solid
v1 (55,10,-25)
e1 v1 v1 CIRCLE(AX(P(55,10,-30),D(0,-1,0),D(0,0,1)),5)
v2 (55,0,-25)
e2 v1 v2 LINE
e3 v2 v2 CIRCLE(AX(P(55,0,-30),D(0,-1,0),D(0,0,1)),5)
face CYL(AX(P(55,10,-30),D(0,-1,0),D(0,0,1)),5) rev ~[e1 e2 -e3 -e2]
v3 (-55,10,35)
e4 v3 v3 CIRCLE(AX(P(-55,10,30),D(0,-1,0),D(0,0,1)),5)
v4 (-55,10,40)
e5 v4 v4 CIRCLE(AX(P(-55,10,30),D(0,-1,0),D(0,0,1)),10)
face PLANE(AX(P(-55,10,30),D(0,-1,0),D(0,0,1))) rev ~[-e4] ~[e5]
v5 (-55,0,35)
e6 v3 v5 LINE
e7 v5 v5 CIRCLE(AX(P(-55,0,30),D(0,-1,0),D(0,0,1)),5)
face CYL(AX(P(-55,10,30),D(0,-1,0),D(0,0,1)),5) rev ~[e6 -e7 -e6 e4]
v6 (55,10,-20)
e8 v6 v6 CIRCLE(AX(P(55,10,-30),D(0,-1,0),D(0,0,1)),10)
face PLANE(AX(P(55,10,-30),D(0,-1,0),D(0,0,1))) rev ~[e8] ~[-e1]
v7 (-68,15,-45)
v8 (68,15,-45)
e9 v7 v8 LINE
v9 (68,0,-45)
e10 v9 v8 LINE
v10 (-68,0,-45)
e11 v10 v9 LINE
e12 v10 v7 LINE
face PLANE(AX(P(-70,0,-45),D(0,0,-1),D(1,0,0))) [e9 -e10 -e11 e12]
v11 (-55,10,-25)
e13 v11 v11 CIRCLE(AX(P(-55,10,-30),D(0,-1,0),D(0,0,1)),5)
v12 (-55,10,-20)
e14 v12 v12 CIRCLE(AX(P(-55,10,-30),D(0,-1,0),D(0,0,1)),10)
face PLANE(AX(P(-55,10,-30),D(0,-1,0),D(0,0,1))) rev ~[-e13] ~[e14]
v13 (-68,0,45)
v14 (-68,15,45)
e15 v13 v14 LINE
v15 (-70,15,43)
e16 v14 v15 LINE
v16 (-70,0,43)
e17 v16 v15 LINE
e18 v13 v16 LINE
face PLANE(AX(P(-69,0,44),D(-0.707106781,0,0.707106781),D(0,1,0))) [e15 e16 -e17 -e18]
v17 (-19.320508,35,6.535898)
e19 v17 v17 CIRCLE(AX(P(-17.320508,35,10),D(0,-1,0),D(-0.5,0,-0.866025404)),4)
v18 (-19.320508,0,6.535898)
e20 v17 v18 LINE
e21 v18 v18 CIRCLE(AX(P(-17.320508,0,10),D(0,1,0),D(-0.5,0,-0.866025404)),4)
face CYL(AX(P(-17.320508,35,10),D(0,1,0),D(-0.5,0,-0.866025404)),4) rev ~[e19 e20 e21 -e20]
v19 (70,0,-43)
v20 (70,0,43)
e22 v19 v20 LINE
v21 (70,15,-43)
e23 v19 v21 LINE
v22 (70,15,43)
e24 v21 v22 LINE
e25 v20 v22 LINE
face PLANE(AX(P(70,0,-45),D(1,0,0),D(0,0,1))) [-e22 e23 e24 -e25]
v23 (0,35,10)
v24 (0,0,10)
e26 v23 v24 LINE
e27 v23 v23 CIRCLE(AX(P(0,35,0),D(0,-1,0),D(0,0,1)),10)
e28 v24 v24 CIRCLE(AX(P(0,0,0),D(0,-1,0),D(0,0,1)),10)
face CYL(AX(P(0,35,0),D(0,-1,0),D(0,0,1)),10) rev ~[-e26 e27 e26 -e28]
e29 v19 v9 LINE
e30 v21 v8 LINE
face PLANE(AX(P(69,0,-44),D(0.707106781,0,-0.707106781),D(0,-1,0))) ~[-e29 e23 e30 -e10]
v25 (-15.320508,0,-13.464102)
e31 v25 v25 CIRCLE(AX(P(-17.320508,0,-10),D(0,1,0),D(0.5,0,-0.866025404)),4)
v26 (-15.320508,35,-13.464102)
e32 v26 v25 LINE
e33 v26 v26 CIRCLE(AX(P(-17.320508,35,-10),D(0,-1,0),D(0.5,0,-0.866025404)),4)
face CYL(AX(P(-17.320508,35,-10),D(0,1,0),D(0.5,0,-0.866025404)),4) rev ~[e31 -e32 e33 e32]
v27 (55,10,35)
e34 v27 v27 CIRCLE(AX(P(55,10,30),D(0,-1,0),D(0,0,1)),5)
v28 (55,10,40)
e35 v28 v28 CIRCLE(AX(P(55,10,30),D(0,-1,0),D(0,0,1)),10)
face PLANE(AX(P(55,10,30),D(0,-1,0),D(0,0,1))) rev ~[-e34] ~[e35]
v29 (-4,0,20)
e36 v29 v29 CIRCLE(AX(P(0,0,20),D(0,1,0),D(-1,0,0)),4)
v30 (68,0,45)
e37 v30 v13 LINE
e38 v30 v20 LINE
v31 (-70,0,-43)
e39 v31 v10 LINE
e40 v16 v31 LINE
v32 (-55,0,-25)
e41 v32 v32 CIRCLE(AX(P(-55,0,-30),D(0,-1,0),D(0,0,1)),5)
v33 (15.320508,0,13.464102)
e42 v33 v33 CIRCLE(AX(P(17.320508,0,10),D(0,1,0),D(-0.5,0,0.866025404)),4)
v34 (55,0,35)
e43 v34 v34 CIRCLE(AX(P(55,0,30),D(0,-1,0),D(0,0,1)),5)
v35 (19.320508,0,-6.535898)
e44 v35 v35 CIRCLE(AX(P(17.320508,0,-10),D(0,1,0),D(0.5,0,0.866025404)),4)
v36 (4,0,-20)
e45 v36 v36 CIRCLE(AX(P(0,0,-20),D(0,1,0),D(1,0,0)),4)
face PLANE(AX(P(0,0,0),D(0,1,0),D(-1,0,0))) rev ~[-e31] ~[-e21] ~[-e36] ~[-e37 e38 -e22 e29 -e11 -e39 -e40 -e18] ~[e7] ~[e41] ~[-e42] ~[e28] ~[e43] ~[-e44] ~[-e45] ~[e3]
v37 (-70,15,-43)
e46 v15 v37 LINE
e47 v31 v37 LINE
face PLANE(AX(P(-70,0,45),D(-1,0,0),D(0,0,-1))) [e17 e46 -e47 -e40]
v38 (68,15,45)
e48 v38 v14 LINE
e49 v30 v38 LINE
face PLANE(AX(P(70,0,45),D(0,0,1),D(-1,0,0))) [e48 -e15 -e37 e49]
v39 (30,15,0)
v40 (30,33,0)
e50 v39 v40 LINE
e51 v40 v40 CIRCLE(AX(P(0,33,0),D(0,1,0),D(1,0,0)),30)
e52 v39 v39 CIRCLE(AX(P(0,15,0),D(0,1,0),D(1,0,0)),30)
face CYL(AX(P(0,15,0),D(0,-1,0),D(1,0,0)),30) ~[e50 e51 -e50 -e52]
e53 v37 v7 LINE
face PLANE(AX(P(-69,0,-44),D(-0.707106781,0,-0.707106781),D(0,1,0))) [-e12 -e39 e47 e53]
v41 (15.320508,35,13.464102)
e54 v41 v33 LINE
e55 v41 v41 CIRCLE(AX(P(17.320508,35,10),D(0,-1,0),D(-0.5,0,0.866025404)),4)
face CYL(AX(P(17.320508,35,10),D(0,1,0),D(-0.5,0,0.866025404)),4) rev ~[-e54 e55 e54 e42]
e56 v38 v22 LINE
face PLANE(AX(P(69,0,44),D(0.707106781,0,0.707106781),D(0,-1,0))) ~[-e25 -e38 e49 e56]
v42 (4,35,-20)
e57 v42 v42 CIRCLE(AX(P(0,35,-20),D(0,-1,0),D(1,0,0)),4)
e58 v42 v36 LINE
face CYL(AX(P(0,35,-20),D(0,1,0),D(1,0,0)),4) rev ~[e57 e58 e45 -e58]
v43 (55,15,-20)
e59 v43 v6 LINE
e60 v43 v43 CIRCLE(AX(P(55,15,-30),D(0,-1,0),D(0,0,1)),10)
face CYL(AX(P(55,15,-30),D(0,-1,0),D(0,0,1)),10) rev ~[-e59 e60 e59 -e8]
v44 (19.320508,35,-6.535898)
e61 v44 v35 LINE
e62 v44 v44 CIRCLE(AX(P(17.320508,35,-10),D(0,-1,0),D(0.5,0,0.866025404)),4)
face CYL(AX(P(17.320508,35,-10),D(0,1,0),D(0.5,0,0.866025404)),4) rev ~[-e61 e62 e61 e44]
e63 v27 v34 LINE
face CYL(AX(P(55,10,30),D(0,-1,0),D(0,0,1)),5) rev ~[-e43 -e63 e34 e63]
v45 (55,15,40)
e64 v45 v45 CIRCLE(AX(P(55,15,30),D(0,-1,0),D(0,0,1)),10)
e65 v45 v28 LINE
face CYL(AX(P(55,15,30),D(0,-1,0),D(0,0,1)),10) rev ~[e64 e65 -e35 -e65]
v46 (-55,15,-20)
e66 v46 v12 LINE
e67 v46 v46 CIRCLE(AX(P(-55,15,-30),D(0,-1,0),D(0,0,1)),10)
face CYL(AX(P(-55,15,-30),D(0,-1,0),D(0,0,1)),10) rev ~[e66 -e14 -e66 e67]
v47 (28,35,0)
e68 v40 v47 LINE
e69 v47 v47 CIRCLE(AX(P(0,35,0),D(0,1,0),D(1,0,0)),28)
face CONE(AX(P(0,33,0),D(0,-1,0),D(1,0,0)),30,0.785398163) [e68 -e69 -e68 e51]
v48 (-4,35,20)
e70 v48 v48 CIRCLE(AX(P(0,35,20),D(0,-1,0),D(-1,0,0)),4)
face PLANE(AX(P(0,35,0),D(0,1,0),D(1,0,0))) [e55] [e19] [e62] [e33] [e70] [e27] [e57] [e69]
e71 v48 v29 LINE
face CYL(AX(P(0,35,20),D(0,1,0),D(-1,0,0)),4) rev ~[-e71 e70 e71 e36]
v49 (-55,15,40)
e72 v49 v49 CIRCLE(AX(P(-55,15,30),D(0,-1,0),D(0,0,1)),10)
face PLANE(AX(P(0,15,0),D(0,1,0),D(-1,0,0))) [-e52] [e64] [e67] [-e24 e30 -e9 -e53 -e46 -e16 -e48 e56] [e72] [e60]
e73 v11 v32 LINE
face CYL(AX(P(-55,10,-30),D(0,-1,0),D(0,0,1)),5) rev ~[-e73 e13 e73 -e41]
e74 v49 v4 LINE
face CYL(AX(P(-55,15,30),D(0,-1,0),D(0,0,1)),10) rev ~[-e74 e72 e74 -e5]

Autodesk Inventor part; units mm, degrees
ref_plane "YZ Plane" through (0, 0, 0) normal (1, 0, 0) x (0, 1, 0)
ref_plane "XZ Plane" through (0, 0, 0) normal (0, 1, 0) x (-1, 0, 0)
ref_plane "XY Plane" through (0, 0, 0) normal (0, 0, 1) x (1, 0, 0)
sketch "Náčrt3" plane through (0, 0, 0) normal (0, 1, 0) x (-1, 0, 0)
  line L0 (-70, 45) -> (70, 45)
  line L1 (70, 45) -> (70, -45)
  line L2 (70, -45) -> (-70, -45)
  line L3 (-70, -45) -> (-70, 45)
  line L4 (-70, 45) -> (70, -45) construction
  line L5 (70, 45) -> (-70, -45) construction
  point P0 (0, 0)
  dimension "d31" = 140
  dimension "d32" = 90
extrude "Vysunutí" add sketch "Náčrt3" along normal blind 15
chamfer "Zkosení1" distance 2 angle 45 1 edges at (70, 7.5, 45)
chamfer "Zkosení2" distance 2 angle 45 1 edges at (70, 7.5, -45)
chamfer "Zkosení3" distance 2 angle 45 1 edges at (-70, 7.5, 45)
chamfer "Zkosení4" distance 2 angle 45 1 edges at (-70, 7.5, -45)
sketch "Náčrt4" plane through (0, 15, 0) normal (0, 1, 0) x (1, 0, 0)
  line L0 (68, 45) -> (-68, 45) projected
  line L1 (-70, 43) -> (-70, -43) projected
  point P0 (0, 0)
  point P1 (-55, 30)
  dimension "d47" = 15
  dimension "d48" = 15
hole "Díra" at (-55, 15, -30) direction (0, -1, 0) diameter 10 end through all counterbore diameter 20 counterbore depth 5
pattern_linear "Obdélníkové pole" count 2 spacing 110 along (1, 0, 0) count 2 spacing 60 along (0, 0, 1) of "Díra"
sketch "Náčrt5" plane through (0, 15, 0) normal (0, 1, 0) x (1, 0, 0)
  circle A0 centre (0, 0) radius 30
  dimension "d62" = 60
extrude "Vysunutí2" add sketch "Náčrt5" along normal blind 20
chamfer "Zkosení5" distance 2 angle 45 1 edges at (-30, 35, 0)
sketch "Náčrt6" plane through (0, 35, 0) normal (0, 1, 0) x (1, 0, 0)
  circle A0 centre (0, 0) radius 28 projected
hole "Díra3" at (0, 35, 0) direction (0, -1, 0) diameter 20 end through all
sketch "Náčrt12" plane through (0, 35, 0) normal (0, 1, 0) x (1, 0, 0)
  circle A0 centre (0, 0) radius 20
  circle A1 centre (0, 20) radius 4
  dimension "d114" = 40
  dimension "d115" = 8
extrude "Vysunutí3" cut sketch "Náčrt12" against normal through all contours A1 A0 | A0 A1 picked at (0, 18.6369) picked at (0.0994, 21.2999)
pattern_circular "Kruhové pole" count 6 over 360 about axis through (0, -135.0735, 0) along (0, 1, 0) of "Vysunutí3"
properties part number "desticka"
